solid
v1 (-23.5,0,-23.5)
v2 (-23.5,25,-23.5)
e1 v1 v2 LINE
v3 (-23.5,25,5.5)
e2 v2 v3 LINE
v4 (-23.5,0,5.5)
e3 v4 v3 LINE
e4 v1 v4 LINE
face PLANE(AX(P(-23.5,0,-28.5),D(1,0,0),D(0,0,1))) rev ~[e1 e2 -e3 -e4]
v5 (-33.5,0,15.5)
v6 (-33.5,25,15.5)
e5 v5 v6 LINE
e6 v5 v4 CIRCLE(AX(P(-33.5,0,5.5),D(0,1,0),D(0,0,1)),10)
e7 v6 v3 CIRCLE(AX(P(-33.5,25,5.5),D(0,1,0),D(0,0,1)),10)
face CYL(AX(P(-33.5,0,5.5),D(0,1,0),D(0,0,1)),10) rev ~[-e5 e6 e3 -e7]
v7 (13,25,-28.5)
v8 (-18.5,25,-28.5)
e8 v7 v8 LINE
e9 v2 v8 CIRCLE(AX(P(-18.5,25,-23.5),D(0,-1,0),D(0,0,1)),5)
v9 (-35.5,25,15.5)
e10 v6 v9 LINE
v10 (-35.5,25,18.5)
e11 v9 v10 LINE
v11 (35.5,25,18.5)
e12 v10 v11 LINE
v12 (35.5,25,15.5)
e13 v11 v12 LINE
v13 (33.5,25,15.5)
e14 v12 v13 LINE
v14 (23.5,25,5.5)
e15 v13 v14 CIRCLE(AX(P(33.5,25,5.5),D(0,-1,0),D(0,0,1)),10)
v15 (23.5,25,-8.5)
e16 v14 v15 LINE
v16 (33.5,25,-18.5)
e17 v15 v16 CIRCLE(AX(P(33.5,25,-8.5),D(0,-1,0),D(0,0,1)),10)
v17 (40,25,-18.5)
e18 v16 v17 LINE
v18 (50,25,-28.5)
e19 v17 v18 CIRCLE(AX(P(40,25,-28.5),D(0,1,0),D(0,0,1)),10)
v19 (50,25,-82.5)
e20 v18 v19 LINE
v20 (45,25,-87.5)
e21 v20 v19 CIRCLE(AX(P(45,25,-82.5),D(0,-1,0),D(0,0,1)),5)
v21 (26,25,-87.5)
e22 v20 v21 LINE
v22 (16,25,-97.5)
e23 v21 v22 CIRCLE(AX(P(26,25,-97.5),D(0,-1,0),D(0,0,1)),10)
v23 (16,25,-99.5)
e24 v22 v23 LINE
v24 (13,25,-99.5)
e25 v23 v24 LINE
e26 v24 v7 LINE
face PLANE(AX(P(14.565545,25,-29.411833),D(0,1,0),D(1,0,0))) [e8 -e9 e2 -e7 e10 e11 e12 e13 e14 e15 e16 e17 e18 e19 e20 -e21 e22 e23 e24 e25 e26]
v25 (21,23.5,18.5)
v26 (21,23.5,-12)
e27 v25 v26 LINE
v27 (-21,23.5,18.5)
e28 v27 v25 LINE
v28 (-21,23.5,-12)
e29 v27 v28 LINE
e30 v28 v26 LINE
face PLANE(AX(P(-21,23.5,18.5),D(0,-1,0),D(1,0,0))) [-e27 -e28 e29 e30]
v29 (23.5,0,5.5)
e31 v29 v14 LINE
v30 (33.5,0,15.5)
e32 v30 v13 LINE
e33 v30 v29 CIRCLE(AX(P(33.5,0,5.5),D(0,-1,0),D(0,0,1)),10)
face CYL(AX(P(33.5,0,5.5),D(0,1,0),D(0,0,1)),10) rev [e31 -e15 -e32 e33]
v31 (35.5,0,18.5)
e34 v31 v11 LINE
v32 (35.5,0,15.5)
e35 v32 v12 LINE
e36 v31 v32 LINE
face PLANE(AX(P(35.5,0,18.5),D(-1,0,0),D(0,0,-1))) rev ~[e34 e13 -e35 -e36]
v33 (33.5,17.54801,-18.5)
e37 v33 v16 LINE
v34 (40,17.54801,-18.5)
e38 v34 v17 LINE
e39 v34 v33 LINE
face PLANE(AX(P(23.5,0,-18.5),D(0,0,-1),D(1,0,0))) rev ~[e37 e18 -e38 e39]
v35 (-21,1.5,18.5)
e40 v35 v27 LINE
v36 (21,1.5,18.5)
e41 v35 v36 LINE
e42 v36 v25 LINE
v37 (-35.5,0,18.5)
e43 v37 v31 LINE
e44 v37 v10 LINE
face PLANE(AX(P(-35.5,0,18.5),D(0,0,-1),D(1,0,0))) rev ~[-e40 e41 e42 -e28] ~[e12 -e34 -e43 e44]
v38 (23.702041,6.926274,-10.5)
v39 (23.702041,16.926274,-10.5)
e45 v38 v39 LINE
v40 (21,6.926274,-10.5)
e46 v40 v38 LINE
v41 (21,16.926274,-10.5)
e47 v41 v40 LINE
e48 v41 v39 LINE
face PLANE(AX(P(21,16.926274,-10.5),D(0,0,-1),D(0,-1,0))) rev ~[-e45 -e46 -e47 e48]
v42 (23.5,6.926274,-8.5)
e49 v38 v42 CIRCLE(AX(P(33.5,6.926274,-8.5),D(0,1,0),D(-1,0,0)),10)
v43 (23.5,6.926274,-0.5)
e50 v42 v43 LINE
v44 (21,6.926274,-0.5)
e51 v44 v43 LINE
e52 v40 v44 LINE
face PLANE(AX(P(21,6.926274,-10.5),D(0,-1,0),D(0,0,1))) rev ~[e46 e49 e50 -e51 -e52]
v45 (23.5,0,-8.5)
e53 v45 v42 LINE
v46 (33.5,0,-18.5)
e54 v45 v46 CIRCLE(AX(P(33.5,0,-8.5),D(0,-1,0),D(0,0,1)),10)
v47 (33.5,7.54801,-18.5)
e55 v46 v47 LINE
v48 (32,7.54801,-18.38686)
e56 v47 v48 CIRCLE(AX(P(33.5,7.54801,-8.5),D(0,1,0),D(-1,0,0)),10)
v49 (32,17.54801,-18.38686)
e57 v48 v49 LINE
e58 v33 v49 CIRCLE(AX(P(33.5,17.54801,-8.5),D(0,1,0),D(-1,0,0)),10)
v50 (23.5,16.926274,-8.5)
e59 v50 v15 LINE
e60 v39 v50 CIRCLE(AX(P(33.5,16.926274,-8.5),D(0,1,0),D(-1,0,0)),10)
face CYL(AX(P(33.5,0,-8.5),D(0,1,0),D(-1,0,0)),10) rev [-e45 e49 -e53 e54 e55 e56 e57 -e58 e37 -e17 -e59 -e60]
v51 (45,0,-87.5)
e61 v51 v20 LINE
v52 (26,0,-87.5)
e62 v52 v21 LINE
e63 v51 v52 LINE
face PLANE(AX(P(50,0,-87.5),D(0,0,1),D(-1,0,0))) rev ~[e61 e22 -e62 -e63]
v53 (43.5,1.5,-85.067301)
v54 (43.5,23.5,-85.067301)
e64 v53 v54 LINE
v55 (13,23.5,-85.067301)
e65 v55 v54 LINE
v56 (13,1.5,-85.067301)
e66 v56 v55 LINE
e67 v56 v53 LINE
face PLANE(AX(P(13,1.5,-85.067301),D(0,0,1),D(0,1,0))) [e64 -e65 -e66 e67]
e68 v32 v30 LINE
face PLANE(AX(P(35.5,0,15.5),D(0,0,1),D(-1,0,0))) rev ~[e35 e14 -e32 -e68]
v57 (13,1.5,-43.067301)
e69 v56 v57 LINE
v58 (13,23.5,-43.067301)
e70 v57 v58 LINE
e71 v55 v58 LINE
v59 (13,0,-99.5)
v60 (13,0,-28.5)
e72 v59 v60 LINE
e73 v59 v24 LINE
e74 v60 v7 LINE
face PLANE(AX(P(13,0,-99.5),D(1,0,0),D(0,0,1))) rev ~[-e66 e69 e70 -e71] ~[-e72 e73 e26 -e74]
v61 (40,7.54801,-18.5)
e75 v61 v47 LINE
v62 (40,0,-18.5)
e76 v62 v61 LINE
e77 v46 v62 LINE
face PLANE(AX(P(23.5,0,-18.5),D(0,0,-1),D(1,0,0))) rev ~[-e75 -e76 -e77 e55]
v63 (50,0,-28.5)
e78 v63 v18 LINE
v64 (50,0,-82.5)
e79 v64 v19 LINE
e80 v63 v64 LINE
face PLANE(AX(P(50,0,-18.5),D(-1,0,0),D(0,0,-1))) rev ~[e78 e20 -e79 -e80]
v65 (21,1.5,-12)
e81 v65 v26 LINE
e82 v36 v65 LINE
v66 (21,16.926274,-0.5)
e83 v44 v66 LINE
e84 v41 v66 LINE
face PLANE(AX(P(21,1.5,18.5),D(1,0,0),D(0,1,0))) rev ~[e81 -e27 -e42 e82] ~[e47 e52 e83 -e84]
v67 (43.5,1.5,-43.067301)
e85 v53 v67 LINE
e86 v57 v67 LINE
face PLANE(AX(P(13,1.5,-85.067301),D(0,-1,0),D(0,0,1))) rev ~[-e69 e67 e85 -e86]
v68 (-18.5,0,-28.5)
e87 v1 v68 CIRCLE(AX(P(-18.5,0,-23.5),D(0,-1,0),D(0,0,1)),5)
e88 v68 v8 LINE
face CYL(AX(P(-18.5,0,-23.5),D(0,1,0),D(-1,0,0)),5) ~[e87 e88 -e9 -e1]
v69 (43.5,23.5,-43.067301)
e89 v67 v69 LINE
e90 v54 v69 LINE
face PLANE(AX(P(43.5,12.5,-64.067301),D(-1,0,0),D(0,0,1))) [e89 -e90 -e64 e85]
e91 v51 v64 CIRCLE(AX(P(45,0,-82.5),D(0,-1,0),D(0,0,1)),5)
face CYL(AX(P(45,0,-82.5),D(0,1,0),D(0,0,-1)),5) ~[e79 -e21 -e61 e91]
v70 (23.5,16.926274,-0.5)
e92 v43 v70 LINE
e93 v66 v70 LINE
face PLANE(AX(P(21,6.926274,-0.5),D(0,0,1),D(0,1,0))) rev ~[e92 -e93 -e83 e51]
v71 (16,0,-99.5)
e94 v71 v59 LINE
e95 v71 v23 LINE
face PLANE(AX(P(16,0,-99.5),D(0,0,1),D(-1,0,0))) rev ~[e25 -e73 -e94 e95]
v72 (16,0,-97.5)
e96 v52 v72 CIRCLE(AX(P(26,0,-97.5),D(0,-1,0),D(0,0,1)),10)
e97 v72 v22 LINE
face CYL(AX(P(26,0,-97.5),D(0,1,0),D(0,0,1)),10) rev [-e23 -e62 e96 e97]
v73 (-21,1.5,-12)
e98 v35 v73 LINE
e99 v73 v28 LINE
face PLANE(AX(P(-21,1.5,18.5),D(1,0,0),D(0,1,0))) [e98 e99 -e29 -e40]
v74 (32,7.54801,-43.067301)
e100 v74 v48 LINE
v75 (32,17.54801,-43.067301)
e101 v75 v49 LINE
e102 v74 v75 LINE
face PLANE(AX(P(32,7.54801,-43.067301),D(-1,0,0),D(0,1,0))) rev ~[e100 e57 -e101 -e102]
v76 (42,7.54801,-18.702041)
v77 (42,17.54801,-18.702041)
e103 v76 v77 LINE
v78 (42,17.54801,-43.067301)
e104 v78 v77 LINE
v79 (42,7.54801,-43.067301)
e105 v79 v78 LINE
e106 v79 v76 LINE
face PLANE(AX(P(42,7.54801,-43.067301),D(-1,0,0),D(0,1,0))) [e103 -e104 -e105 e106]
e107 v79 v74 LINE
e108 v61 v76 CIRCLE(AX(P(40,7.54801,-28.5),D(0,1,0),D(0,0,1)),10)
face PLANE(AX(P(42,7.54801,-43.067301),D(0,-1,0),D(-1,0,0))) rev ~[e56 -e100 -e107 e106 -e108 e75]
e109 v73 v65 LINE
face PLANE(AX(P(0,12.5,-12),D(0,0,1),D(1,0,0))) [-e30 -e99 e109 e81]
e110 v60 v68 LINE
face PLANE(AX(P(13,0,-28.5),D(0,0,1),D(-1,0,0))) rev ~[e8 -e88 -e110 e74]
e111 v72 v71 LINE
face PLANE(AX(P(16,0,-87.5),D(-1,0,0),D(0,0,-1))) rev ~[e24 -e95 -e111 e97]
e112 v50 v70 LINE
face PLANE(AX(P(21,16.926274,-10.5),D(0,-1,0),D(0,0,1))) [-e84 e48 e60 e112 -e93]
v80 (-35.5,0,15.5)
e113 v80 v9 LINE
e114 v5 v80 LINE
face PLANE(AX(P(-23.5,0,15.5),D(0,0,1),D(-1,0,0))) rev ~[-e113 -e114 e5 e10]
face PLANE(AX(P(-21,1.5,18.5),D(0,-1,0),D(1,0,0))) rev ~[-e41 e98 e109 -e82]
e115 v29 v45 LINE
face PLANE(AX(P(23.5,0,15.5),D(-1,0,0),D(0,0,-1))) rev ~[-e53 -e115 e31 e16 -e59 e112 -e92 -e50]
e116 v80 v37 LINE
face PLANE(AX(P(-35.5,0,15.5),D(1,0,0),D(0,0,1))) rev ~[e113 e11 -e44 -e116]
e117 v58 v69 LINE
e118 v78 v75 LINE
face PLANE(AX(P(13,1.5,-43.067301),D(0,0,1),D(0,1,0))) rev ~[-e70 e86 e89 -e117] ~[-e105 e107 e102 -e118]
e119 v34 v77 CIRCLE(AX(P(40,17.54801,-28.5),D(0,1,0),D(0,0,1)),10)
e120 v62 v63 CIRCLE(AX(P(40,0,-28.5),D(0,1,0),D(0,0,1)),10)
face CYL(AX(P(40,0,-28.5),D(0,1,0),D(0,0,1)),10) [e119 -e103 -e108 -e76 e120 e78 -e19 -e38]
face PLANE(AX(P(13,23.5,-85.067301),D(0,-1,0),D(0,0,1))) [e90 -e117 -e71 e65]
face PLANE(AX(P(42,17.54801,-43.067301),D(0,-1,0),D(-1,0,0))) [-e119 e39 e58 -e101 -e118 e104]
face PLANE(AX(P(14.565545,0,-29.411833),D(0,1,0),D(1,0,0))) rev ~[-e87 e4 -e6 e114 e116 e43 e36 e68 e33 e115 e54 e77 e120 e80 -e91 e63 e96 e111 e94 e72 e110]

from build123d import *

# Parameters (mm, degrees)
BOSS_EXTRUDE1_DEPTH = 25
SKETCH2_W           = 42
SKETCH2_H           = 22
CUT_EXTRUDE1_DEPTH  = 30.5
SKETCH3_W           = 42
SKETCH3_H           = 22
CUT_EXTRUDE2_DEPTH  = 30.5
FILLET1_R           = 10
FILLET2_R           = 5
FILLET3_R           = 5
SKETCH5_W           = 10
SKETCH5_H           = 5
CUT_EXTRUDE3_DEPTH  = 30.5
SKETCH6_W           = 10
SKETCH6_H           = 10
CUT_EXTRUDE4_DEPTH  = 30.5


with BuildPart() as part:
    # Sketch1 → Boss-Extrude1 (new body)
    with BuildSketch(Plane(origin=(0, 0, 0), x_dir=(1, 0, 0), z_dir=(0, 1, 0))):
        Polygon((-23.5, -15.5), (-35.5, -15.5), (-35.5, -18.5), (0, -18.5), (35.5, -18.5), (35.5, -15.5), (23.5, -15.5), (23.5, 18.5), (50, 18.5), (50, 87.5), (16, 87.5), (16, 99.5), (13, 99.5), (13, 28.5), (-23.5, 28.5), align=None)
    extrude(amount=BOSS_EXTRUDE1_DEPTH)

    # Sketch2 → Cut-Extrude1 (cut)
    with BuildSketch(Plane.XY.offset(18.5)):
        with Locations((0, 12.5)):
            Rectangle(SKETCH2_W, SKETCH2_H)
    extrude(amount=-CUT_EXTRUDE1_DEPTH, mode=Mode.SUBTRACT)

    # Sketch3 → Cut-Extrude2 (cut)
    with BuildSketch(Plane.ZY.offset(-13)):
        with Locations((-64.067301197, 12.5)):
            Rectangle(SKETCH3_W, SKETCH3_H)
    extrude(amount=-CUT_EXTRUDE2_DEPTH, mode=Mode.SUBTRACT)

    # Fillet1
    fillet1_edges = [part.edges().sort_by_distance(p)[0] for p in [
        (16, 12.5, -87.5),
        (50, 12.5, -18.5),
        (23.5, 12.5, -18.5),
        (-23.5, 12.5, 15.5),
        (23.5, 12.5, 15.5),
    ]]
    fillet(fillet1_edges, radius=FILLET1_R)

    # Fillet2
    fillet2_edges = [part.edges().sort_by_distance(p)[0] for p in [
        (-23.5, 12.5, -28.5),
    ]]
    fillet(fillet2_edges, radius=FILLET2_R)

    # Fillet3
    fillet3_edges = [part.edges().sort_by_distance(p)[0] for p in [
        (50, 12.5, -87.5),
    ]]
    fillet(fillet3_edges, radius=FILLET3_R)

    # Sketch5 → Cut-Extrude3 (cut)
    with BuildSketch(Plane.ZY.offset(-21)):
        with Locations((-5.5, 9.426274429)):
            Rectangle(SKETCH5_W, SKETCH5_H)
        with Locations((-5.5, 14.426274429)):
            Rectangle(SKETCH5_W, SKETCH5_H)
    extrude(amount=-CUT_EXTRUDE3_DEPTH, mode=Mode.SUBTRACT)

    # Sketch6 → Cut-Extrude4 (cut)
    with BuildSketch(Plane(origin=(0, 0, -43.067301197), x_dir=(-1, 0, 0), z_dir=(0, 0, -1))):
        with Locations((-37, 12.54801)):
            Rectangle(SKETCH6_W, SKETCH6_H)
    extrude(amount=-CUT_EXTRUDE4_DEPTH, mode=Mode.SUBTRACT)


solid = part.part
